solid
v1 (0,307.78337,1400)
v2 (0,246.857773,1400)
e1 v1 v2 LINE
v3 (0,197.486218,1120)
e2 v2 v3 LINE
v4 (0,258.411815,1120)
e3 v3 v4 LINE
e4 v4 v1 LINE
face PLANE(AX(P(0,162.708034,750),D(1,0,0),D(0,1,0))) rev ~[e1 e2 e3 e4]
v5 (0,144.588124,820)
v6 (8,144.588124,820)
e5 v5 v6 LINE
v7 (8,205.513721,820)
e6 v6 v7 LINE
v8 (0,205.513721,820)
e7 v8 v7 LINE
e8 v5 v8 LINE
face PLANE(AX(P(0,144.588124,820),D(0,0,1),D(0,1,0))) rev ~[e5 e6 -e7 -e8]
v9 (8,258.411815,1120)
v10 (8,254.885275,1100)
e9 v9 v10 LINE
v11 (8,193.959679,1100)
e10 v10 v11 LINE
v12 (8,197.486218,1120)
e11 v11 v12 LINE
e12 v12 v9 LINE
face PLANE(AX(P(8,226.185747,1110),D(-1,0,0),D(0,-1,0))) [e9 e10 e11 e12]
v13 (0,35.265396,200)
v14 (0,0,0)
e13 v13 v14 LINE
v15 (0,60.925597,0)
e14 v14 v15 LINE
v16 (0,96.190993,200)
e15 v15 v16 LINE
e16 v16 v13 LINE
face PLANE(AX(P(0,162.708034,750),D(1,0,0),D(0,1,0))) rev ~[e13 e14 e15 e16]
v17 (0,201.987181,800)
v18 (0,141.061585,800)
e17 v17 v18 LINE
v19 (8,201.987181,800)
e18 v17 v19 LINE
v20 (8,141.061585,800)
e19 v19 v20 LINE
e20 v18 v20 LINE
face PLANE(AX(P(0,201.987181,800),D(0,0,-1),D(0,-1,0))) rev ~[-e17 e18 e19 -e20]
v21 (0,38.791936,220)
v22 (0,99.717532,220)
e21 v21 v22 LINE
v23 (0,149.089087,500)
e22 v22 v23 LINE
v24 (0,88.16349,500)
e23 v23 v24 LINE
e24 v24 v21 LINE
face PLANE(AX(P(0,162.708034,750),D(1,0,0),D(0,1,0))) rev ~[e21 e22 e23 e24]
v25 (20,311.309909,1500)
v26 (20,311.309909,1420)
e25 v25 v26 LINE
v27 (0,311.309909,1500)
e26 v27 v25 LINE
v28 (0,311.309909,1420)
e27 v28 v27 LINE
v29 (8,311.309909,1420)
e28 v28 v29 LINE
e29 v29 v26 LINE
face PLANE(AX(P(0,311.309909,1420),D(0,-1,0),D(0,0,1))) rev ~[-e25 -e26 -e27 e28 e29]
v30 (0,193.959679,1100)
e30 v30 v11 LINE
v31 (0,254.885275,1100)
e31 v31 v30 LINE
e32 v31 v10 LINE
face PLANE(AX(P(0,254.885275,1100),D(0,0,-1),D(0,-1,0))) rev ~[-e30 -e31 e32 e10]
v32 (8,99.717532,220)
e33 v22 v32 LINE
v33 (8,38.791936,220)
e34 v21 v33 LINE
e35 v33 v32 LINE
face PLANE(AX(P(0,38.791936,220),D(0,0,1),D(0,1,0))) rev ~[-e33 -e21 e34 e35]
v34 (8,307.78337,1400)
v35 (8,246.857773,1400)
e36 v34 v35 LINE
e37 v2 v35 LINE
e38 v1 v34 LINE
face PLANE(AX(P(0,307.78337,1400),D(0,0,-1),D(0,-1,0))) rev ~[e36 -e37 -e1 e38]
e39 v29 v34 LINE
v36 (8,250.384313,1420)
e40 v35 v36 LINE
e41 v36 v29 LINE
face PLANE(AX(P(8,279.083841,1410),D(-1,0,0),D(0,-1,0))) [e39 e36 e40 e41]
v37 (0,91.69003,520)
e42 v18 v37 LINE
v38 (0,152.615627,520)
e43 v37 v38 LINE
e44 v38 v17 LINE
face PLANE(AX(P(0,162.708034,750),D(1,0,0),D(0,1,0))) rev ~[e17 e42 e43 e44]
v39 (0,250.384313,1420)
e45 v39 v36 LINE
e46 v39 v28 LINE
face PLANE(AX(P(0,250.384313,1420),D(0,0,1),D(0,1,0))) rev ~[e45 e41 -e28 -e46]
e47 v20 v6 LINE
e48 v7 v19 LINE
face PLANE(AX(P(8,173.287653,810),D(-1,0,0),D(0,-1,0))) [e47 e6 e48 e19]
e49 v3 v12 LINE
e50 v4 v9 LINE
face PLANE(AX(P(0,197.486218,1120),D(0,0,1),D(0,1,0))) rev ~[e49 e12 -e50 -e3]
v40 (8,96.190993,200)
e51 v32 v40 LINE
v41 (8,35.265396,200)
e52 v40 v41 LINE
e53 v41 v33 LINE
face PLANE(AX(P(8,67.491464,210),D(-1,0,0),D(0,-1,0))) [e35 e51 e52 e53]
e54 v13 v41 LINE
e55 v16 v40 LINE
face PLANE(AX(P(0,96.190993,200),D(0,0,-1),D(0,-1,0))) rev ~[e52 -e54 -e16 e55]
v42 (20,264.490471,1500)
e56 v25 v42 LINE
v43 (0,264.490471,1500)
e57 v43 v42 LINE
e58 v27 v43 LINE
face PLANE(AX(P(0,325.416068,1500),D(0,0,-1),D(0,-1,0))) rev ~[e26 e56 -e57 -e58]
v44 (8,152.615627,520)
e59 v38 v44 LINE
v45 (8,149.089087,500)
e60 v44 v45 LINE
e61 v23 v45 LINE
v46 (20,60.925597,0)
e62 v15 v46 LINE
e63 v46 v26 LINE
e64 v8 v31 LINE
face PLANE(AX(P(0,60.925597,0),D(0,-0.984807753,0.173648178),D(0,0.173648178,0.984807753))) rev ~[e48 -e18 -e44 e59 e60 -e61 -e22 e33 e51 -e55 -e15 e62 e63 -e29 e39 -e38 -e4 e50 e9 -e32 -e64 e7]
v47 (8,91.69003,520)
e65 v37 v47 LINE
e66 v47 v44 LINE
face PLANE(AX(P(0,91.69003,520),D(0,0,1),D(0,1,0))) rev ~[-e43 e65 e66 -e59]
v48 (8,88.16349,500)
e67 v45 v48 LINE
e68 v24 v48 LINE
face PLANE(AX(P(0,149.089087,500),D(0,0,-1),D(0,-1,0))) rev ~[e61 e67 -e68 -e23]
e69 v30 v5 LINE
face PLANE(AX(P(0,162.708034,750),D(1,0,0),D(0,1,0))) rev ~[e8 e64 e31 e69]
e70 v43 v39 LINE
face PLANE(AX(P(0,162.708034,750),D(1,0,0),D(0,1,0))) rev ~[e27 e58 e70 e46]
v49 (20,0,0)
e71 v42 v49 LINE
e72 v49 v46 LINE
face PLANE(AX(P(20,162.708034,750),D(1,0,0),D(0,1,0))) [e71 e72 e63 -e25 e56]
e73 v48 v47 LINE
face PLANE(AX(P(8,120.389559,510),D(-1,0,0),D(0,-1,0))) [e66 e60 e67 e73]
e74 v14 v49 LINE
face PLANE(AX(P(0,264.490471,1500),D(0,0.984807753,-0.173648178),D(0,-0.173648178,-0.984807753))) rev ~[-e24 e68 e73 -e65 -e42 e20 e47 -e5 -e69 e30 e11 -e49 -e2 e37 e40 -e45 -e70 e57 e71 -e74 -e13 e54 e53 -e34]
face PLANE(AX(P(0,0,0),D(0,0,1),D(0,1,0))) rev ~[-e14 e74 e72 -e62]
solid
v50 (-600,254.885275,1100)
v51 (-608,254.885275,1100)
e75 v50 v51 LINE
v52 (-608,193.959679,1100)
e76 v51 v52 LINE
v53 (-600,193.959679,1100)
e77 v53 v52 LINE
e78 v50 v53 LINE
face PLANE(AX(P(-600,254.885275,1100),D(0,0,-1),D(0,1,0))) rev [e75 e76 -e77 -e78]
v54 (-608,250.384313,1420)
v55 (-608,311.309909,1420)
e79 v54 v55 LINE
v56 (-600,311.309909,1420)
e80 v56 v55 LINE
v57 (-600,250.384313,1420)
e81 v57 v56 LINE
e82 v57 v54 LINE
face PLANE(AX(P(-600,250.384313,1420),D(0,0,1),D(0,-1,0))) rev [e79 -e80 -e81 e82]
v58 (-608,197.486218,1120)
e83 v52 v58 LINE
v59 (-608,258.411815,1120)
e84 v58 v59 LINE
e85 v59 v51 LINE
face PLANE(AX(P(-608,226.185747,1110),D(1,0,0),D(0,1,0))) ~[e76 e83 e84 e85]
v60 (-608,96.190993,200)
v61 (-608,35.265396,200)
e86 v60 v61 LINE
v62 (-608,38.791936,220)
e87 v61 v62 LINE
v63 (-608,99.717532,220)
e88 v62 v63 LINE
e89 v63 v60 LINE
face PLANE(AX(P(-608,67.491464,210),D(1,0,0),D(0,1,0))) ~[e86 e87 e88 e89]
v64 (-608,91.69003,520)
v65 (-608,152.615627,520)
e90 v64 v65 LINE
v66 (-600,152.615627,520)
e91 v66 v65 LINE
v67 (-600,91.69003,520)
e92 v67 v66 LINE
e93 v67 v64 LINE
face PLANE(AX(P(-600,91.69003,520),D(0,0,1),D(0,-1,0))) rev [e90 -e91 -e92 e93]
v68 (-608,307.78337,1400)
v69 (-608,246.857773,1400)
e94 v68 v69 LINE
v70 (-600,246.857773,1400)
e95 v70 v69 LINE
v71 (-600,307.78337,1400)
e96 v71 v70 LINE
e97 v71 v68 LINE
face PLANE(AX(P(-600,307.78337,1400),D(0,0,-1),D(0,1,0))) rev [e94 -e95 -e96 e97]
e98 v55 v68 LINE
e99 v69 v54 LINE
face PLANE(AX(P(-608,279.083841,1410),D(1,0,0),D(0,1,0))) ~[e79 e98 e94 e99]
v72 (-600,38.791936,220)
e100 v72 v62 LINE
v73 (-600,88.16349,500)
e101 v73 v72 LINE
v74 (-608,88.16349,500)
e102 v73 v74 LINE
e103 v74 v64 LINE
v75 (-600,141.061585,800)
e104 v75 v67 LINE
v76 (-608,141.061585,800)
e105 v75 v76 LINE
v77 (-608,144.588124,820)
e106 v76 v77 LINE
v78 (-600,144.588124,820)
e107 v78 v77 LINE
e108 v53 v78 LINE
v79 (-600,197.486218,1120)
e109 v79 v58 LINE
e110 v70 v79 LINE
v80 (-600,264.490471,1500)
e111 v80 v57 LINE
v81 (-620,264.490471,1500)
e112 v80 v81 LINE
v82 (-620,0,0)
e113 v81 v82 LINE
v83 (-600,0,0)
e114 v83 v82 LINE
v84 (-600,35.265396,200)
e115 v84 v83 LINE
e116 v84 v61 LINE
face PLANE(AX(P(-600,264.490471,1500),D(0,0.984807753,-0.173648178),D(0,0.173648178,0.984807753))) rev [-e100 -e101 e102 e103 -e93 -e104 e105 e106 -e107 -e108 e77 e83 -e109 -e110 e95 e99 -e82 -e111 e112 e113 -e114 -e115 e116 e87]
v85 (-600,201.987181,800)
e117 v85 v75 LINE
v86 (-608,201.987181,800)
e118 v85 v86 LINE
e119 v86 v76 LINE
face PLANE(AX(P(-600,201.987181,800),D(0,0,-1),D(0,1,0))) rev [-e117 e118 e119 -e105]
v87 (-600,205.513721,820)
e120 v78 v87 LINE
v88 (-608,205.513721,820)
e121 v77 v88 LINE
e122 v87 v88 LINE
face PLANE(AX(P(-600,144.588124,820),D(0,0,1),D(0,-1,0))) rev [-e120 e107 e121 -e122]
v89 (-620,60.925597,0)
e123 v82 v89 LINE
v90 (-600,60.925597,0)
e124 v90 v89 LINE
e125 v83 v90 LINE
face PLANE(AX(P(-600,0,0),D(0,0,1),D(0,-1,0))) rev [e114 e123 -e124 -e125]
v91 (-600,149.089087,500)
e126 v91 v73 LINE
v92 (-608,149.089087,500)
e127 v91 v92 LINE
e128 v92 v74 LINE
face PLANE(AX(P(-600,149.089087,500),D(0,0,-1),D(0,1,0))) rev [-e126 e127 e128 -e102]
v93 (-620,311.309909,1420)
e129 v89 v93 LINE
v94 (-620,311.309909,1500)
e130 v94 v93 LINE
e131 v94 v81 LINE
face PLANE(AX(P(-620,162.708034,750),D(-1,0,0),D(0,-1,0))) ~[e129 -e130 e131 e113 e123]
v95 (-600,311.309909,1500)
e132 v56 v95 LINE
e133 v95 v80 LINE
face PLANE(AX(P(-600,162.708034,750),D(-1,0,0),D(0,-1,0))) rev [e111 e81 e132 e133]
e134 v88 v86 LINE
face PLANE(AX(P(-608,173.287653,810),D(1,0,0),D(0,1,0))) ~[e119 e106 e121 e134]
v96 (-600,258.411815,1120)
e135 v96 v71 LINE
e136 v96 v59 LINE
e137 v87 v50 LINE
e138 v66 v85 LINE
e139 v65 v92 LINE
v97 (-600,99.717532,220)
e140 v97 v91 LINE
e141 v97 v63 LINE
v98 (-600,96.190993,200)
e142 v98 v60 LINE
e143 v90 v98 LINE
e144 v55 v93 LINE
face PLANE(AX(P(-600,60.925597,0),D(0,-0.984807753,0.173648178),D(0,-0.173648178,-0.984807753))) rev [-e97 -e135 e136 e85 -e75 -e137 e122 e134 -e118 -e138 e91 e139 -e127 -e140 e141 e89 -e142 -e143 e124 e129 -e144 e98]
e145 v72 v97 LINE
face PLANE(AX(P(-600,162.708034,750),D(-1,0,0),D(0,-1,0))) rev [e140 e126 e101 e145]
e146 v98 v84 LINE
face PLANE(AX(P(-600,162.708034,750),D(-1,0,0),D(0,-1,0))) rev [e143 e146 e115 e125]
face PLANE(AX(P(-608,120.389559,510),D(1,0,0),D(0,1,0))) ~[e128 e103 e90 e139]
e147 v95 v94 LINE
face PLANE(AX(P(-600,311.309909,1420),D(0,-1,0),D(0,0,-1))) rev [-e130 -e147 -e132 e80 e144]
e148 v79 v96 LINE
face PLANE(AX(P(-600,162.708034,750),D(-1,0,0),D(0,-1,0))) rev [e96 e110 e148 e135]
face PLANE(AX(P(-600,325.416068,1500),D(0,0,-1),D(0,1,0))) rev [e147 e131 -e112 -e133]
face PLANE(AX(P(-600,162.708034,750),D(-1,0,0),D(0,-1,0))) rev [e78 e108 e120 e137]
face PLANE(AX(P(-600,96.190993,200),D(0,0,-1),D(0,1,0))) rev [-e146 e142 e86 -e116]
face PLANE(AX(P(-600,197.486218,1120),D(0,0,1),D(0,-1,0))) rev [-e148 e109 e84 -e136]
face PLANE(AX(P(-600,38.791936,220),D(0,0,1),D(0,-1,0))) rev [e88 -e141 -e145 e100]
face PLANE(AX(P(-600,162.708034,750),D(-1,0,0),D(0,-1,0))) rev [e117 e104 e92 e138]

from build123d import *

# Parameters (mm, degrees)
F1_DEPTH = 20
F3_DEPTH = 8
F5_DEPTH = 20.001


with BuildPart() as f1:
    # F0 (on Right) → F1 (new body)
    with BuildSketch(Plane.YZ):
        Polygon((264.4904710627, 1500), (0, 0), (60.9255967131, 0), (325.4160677758, 1500), align=None)
    extrude(amount=F1_DEPTH)

    # F2 (on face) → F3 (cut)
    with BuildSketch(Plane(origin=(0, 0, 0), x_dir=(0, -1, 0), z_dir=(-1, 0, 0))):
        Polygon((-246.8577729919, 1400), (-250.384312606, 1420), (-311.3099093192, 1420), (-307.783369705, 1400), align=None)
        Polygon((-99.717532469, 220), (-96.1909928548, 200), (-35.2653961417, 200), (-38.7919357559, 220), align=None)
        Polygon((-152.6156266815, 520), (-149.0890870674, 500), (-88.1634903542, 500), (-91.6900299684, 520), align=None)
        Polygon((-205.5137208941, 820), (-201.9871812799, 800), (-141.0615845668, 800), (-144.5881241809, 820), align=None)
        Polygon((-258.4118151066, 1120), (-254.8852754925, 1100), (-193.9596787793, 1100), (-197.4862183935, 1120), align=None)
    extrude(amount=-F3_DEPTH, mode=Mode.SUBTRACT)

    # F4 (on face) → F5 (cut, through all)
    with BuildSketch(Plane(origin=(0, 0, 0), x_dir=(0, -1, 0), z_dir=(-1, 0, 0))):
        Polygon((-325.4160677758, 1500), (-311.3099093192, 1420), (-311.3099093192, 1500), align=None)
    extrude(amount=-F5_DEPTH, mode=Mode.SUBTRACT)


with BuildPart() as f7_1:
    # F7: instance of F1
    add(f1.part.mirror(Plane.YZ.offset(-300)))


solid = Compound([f1.part, f7_1.part])
